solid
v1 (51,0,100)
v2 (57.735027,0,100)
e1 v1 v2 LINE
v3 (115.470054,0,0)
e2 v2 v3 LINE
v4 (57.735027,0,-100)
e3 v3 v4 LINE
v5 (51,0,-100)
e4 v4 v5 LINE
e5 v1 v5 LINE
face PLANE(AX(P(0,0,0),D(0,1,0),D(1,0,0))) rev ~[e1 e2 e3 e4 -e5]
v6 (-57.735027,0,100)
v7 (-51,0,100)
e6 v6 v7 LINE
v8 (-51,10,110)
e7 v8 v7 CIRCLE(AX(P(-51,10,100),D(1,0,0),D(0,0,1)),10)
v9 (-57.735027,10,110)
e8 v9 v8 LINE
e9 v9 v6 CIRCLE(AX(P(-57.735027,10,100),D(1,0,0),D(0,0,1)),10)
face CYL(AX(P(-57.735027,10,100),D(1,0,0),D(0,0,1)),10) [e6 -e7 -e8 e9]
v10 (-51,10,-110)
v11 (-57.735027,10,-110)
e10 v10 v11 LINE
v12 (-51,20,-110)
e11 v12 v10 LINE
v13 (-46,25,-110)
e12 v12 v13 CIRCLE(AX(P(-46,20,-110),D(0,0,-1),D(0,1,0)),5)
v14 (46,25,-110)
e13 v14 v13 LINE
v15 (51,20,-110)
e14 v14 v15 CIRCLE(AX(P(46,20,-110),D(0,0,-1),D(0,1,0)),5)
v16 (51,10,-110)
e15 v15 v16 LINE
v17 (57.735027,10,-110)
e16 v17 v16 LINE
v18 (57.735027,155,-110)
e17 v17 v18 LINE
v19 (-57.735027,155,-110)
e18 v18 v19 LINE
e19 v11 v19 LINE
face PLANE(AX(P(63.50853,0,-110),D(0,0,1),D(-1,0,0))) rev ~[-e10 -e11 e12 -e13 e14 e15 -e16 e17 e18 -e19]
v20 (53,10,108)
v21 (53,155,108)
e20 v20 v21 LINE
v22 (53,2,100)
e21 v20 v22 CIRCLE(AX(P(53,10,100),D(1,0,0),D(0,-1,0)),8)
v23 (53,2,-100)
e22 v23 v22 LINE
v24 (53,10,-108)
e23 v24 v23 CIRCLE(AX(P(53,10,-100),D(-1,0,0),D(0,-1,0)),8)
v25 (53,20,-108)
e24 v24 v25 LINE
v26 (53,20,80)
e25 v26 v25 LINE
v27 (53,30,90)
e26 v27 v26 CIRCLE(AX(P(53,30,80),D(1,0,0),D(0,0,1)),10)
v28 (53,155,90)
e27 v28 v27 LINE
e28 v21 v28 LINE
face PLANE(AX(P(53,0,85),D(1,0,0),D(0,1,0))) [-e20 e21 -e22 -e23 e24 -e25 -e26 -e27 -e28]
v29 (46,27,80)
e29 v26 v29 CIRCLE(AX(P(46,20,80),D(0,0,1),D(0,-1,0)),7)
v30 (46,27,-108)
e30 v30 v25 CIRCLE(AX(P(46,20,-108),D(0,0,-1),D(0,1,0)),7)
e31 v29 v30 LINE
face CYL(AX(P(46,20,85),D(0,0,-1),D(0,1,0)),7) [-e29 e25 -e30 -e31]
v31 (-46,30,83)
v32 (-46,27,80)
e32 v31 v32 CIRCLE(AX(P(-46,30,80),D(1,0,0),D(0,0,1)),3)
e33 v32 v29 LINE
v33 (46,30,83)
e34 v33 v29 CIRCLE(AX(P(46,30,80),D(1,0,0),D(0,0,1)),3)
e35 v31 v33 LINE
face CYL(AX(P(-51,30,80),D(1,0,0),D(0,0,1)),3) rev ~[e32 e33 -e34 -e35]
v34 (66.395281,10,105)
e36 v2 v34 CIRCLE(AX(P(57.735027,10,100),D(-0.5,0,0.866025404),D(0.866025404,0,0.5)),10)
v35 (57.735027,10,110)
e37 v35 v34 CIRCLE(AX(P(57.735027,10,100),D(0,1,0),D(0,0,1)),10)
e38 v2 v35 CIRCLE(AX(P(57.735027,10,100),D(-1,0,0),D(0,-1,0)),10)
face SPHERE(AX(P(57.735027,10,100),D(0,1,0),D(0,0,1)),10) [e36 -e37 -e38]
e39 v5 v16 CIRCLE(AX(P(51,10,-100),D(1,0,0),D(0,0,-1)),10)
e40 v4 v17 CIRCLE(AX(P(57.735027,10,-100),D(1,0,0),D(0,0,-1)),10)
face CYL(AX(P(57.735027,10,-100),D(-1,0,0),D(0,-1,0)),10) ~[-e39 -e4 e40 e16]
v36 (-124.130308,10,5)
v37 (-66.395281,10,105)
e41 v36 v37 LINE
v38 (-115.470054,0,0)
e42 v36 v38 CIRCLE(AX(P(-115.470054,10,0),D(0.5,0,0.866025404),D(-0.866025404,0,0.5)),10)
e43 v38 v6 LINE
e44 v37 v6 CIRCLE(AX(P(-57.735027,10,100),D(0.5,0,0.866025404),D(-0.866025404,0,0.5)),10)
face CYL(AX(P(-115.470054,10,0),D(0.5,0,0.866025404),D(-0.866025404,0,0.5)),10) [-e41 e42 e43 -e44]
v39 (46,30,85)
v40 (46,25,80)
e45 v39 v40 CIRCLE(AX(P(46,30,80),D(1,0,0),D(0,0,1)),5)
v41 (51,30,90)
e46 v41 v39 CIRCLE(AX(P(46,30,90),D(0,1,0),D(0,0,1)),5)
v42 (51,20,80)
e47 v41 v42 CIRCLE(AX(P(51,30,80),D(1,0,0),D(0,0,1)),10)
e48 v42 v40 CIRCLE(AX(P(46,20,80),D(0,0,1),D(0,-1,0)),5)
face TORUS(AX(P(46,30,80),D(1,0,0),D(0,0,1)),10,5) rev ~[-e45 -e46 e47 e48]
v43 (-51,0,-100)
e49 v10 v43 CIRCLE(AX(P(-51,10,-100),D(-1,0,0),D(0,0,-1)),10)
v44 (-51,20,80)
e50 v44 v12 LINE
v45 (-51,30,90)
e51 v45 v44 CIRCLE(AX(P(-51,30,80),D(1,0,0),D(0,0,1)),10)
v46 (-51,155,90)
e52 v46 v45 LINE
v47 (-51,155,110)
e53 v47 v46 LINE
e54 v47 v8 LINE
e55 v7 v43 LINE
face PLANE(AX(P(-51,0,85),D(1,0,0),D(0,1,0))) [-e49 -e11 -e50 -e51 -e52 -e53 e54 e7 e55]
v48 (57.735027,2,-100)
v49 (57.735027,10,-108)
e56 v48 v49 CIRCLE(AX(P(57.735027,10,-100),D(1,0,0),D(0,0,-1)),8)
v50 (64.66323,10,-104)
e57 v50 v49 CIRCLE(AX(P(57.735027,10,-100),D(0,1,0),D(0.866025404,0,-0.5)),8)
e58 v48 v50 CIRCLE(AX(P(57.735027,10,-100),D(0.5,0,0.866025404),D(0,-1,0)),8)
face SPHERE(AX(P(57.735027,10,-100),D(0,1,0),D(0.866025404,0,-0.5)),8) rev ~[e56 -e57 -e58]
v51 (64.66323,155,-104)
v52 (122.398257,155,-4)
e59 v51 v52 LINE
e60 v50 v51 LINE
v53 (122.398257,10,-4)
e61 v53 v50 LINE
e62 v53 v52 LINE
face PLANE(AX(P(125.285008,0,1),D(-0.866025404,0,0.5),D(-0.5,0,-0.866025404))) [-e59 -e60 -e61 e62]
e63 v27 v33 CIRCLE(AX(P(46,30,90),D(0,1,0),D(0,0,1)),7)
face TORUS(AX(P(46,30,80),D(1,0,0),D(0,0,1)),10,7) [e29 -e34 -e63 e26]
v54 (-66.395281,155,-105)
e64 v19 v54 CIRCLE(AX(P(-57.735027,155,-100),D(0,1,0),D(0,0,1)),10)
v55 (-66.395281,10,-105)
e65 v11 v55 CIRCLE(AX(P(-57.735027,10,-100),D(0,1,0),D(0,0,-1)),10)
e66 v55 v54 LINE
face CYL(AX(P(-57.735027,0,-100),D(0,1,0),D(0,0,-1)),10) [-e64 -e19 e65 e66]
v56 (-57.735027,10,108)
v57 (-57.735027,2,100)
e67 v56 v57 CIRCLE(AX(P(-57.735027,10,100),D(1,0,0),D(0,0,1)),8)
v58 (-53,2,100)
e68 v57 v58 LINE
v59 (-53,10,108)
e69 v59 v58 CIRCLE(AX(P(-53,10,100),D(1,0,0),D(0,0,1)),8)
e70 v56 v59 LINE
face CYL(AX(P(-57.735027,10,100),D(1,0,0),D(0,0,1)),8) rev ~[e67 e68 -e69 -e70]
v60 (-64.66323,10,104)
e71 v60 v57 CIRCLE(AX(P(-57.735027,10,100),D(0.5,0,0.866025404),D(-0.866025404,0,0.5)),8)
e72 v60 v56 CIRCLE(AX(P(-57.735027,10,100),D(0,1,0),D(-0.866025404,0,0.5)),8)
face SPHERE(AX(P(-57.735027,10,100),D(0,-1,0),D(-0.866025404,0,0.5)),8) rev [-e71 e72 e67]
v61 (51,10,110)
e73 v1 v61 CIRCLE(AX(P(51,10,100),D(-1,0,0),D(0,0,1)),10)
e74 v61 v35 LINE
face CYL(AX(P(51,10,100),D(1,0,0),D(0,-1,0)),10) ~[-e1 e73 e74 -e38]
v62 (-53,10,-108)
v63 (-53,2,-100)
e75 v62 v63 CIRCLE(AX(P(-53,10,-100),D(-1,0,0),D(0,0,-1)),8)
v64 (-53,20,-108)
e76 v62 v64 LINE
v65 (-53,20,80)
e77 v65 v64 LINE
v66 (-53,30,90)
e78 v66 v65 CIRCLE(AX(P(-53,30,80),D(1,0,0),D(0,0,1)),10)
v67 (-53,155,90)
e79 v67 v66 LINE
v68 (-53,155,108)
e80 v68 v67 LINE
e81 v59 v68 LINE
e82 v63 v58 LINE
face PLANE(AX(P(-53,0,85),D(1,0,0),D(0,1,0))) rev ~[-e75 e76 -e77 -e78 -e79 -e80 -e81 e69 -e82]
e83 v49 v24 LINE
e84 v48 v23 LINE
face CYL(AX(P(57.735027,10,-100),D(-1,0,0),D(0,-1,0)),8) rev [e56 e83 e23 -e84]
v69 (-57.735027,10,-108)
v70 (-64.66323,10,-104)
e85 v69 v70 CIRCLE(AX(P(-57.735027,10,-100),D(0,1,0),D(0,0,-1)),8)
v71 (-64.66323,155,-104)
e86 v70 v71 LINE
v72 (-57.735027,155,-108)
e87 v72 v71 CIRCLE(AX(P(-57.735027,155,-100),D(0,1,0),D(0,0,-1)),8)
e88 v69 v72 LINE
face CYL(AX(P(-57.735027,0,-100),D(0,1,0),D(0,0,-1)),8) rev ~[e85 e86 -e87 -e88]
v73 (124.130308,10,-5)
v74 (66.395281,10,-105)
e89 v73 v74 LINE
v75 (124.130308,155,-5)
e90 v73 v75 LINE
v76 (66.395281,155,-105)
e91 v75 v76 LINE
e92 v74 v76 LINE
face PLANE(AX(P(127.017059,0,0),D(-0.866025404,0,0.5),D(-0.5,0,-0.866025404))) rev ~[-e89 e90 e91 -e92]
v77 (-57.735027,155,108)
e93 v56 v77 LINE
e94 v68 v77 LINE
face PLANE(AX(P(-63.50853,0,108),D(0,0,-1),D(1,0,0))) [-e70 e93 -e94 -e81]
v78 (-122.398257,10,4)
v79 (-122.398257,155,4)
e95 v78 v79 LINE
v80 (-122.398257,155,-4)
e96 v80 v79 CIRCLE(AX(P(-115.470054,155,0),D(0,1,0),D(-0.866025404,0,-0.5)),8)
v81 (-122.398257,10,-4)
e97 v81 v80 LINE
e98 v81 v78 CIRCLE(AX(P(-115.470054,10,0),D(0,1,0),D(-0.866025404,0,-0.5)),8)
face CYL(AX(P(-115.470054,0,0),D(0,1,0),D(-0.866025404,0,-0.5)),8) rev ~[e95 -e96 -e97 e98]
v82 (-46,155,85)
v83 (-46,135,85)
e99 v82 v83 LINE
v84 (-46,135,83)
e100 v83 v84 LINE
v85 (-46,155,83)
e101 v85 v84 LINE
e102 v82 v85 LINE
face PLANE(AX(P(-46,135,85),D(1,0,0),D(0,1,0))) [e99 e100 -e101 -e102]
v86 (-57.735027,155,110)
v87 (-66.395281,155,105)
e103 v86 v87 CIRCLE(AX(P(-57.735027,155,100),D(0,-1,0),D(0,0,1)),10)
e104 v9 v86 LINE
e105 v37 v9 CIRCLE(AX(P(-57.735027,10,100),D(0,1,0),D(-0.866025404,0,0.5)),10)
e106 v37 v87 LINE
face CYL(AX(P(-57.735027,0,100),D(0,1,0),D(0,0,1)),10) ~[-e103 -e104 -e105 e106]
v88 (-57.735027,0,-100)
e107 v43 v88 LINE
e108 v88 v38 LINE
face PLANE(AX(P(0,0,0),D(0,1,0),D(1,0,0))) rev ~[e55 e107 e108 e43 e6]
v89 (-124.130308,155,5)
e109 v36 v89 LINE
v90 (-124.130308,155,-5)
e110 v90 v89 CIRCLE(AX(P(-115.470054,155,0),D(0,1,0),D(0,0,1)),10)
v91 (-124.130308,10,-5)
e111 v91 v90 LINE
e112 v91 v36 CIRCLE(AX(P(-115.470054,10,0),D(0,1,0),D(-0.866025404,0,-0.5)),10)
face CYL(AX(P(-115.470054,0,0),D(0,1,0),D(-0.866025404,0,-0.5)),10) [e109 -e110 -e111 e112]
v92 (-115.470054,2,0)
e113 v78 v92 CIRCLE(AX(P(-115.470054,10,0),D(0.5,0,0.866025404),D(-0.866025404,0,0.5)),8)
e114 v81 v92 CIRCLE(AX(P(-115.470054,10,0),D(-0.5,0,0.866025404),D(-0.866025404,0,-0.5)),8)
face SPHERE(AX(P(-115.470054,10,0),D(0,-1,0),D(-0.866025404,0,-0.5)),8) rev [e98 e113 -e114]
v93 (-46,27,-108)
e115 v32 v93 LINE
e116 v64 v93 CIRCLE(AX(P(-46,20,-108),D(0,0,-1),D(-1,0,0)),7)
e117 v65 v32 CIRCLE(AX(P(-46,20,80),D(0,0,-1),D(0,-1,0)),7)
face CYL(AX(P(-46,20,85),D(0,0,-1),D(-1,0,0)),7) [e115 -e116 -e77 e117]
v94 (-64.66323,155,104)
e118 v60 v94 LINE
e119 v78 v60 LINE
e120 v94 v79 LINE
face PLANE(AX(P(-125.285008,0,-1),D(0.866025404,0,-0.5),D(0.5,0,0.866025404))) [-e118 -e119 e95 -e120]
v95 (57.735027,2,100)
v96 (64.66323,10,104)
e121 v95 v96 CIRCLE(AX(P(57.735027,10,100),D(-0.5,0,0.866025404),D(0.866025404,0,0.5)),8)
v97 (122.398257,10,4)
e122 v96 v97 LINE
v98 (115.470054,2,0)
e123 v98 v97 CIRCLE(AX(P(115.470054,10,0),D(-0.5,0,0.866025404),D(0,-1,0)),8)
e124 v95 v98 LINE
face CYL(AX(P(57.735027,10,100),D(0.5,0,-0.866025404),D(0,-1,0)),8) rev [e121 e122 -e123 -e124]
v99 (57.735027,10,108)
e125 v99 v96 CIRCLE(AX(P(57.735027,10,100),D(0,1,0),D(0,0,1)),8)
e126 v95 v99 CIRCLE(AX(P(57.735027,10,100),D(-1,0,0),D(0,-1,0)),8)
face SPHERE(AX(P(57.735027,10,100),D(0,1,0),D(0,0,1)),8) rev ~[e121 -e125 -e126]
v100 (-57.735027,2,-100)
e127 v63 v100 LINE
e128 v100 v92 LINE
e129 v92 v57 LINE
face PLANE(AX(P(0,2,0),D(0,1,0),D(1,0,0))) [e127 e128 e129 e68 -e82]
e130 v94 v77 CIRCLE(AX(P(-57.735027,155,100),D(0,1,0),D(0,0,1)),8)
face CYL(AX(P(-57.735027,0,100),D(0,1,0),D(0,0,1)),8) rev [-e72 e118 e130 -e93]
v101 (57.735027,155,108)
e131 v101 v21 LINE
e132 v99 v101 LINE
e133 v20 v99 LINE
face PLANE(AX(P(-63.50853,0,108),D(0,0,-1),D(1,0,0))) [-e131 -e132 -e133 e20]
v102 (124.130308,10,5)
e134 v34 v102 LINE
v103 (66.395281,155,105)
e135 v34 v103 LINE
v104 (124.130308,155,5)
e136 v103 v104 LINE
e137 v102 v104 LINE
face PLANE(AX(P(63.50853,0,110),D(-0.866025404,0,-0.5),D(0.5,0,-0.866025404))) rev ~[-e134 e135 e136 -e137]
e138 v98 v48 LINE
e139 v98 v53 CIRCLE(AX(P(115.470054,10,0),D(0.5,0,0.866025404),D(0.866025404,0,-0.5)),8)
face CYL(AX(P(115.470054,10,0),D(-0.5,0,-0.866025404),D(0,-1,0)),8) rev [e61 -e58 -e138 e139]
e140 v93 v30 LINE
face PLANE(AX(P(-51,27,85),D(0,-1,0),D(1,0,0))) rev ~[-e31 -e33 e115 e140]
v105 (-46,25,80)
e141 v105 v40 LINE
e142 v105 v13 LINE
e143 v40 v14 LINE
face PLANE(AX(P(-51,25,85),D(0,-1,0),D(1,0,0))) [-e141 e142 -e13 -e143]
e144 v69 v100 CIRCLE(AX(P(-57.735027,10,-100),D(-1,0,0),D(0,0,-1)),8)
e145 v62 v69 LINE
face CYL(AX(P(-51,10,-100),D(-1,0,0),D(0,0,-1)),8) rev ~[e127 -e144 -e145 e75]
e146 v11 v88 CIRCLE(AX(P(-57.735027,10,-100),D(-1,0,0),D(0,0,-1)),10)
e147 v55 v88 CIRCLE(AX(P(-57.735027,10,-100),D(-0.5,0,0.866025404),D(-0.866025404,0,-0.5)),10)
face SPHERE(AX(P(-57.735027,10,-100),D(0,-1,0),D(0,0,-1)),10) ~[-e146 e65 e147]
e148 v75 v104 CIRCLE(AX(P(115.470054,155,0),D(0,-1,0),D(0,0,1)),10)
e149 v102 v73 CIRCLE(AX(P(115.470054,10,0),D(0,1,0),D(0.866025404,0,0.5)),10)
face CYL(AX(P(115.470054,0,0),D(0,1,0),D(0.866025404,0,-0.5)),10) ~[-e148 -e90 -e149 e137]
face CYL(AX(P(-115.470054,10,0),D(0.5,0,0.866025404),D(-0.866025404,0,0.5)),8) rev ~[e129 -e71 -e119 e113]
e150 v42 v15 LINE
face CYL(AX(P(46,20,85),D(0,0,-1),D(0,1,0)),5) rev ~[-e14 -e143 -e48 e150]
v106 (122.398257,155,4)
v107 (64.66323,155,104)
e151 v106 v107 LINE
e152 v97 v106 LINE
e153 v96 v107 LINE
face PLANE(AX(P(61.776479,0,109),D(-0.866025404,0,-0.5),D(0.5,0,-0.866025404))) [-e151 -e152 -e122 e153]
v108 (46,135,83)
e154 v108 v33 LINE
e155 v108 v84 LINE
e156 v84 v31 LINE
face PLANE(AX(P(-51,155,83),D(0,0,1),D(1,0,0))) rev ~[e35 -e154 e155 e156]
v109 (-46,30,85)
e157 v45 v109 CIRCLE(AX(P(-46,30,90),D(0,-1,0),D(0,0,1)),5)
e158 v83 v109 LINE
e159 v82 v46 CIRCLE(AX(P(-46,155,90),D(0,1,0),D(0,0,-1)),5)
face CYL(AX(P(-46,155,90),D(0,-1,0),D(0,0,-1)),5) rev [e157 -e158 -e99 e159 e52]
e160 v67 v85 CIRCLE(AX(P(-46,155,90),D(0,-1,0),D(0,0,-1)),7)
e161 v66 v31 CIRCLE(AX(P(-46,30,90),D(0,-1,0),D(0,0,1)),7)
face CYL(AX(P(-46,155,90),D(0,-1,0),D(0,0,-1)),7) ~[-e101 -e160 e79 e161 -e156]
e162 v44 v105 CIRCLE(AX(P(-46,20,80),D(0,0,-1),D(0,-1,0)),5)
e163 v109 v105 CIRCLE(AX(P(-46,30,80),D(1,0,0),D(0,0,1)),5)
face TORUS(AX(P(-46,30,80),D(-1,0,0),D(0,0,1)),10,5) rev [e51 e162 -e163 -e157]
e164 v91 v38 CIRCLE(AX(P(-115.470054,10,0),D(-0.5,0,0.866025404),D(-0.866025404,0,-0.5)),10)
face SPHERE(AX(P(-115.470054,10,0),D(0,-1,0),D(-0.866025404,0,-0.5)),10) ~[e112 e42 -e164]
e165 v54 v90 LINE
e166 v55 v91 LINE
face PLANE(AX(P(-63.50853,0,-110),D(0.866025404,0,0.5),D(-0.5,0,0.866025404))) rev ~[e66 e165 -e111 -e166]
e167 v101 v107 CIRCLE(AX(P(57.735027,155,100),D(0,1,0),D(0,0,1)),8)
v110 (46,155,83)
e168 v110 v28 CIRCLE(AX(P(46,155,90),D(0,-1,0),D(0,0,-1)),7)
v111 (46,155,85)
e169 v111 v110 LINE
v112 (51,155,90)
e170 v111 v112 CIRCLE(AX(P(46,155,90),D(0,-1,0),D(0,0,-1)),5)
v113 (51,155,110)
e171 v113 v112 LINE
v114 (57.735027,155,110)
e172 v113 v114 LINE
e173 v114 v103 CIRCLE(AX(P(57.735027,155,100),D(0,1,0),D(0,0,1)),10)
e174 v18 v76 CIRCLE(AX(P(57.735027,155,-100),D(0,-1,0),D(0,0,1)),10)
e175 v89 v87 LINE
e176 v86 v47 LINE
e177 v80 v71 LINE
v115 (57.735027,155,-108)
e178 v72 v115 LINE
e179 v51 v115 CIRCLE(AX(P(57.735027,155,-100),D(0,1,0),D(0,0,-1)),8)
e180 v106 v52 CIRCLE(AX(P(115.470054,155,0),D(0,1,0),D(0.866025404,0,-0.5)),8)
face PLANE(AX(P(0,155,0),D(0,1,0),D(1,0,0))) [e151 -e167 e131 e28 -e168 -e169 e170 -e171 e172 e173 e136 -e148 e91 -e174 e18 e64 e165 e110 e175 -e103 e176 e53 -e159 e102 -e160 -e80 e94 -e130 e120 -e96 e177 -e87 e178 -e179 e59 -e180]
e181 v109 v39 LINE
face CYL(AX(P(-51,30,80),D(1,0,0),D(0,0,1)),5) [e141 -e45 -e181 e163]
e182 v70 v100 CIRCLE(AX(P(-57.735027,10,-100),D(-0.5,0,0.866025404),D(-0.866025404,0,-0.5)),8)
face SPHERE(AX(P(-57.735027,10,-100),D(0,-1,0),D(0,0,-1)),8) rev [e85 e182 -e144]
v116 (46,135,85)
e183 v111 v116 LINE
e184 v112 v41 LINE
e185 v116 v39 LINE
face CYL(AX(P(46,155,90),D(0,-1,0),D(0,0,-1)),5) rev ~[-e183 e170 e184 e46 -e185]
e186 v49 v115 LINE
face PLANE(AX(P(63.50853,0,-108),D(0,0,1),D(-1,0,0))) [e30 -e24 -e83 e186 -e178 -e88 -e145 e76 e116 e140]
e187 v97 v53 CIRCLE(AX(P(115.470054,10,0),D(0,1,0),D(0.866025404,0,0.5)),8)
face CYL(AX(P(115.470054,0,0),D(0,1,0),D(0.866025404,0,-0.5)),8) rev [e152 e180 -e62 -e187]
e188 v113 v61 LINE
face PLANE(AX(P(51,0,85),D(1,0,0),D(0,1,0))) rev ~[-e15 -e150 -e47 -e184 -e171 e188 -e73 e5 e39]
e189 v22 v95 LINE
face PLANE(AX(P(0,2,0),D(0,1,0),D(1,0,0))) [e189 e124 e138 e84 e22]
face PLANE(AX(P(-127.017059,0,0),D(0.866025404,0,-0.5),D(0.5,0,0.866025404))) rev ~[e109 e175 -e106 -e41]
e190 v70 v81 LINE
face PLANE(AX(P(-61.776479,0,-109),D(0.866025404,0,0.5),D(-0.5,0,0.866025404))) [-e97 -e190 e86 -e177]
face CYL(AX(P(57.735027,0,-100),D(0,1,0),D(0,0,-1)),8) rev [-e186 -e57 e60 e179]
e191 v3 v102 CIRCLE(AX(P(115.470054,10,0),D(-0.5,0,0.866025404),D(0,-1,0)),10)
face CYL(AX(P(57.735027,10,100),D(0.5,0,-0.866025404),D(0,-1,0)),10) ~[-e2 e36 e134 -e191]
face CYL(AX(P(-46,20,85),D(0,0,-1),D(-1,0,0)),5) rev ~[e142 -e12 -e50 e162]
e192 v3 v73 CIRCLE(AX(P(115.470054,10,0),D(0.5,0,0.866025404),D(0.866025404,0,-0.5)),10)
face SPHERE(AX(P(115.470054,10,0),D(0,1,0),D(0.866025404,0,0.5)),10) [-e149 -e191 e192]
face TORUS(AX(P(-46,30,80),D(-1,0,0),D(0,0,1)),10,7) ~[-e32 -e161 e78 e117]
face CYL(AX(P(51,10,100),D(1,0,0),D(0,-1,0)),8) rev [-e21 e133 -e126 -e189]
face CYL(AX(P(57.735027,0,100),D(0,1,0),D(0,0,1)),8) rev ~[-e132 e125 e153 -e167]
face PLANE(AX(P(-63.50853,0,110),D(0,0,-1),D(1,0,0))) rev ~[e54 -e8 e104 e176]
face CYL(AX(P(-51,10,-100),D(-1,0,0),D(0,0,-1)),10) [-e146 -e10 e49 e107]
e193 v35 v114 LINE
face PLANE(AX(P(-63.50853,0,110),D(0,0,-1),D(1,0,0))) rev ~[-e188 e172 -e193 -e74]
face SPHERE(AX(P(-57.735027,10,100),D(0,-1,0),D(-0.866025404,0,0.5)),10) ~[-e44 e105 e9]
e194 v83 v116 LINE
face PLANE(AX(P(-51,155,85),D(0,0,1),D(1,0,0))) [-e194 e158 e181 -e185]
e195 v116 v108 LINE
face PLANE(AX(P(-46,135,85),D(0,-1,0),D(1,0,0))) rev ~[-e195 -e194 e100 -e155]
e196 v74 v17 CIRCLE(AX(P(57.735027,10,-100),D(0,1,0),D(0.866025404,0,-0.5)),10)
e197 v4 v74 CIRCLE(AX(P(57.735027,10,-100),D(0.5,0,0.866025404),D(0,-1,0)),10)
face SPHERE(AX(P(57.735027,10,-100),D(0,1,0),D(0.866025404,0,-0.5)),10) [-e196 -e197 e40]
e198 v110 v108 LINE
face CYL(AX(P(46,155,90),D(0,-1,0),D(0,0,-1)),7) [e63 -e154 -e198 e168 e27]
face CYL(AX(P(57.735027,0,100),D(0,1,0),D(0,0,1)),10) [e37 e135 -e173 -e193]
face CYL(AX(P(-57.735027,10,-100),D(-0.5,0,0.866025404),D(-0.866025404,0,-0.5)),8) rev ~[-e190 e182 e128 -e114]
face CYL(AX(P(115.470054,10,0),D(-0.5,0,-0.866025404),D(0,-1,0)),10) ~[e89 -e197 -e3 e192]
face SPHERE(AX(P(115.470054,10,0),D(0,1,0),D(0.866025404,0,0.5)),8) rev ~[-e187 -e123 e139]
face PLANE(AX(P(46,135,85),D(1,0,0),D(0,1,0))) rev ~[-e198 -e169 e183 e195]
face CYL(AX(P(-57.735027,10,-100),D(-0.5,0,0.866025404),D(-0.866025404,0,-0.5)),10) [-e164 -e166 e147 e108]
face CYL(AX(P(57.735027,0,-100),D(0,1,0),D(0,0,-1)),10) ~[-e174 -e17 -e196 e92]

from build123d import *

# Parameters (mm, degrees)
BOSS_EXTRUDE1_DEPTH = 155
CUT_EXTRUDE1_REACH  = 230.601
SKETCH2_W           = 102
SKETCH2_H           = 25
CUT_EXTRUDE2_REACH  = 281.613
SKETCH3_W           = 102
SKETCH3_H           = 25
FILLET1_R           = 5
FILLET2_R           = 10
FILLET4_R           = 10
SHELL1_T            = -2
CUT_EXTRUDE3_REACH  = 280.913
SKETCH9_W           = 92
SKETCH9_H           = 20


with BuildPart() as part:
    # Sketch1 → Boss-Extrude1 (new body)
    with BuildSketch(Plane(origin=(0, 0, 0), x_dir=(1, 0, 0), z_dir=(0, 1, 0))):
        Polygon((63.508529611, 110), (-63.508529611, 110), (-127.017059222, 0), (-63.508529611, -110), (63.508529611, -110), (127.017059222, 0), align=None)
    extrude(amount=BOSS_EXTRUDE1_DEPTH)

    # Sketch2 → Cut-Extrude1 (cut, up to next)
    with BuildSketch(Plane(origin=(0, 155, 0), x_dir=(1, 0, 0), z_dir=(0, 1, 0)), mode=Mode.PRIVATE) as cut_extrude1_sk1:
        with Locations((0, -97.5)):
            Rectangle(SKETCH2_W, SKETCH2_H)
    cut_extrude1_tool1 = extrude(cut_extrude1_sk1.sketch, amount=-CUT_EXTRUDE1_REACH, mode=Mode.PRIVATE) & part.part
    add(cut_extrude1_tool1.solids().sort_by_distance((0, 155, 97.5))[0], mode=Mode.SUBTRACT)

    # Sketch3 → Cut-Extrude2 (cut, up to next)
    with BuildSketch(Plane.XY.offset(85), mode=Mode.PRIVATE) as cut_extrude2_sk1:
        with Locations((0, 12.5)):
            Rectangle(SKETCH3_W, SKETCH3_H)
    cut_extrude2_tool1 = extrude(cut_extrude2_sk1.sketch, amount=-CUT_EXTRUDE2_REACH, mode=Mode.PRIVATE) & part.part
    add(cut_extrude2_tool1.solids().sort_by_distance((0, 12.5, 85))[0], mode=Mode.SUBTRACT)

    # Fillet1
    fillet1_edges = [part.edges().sort_by_distance(p)[0] for p in [
        (51, 90, 85),
        (-51, 90, 85),
        (-51, 25, -12.5),
        (51, 25, -12.5),
        (0, 25, 85),
    ]]
    fillet(fillet1_edges, radius=FILLET1_R)

    # Fillet2
    fillet2_edges = [part.edges().sort_by_distance(p)[0] for p in [
        (127.017059222, 77.5, 0),
        (63.508529611, 77.5, 110),
        (-63.508529611, 77.5, 110),
        (-127.017059222, 77.5, 0),
        (-63.508529611, 77.5, -110),
        (63.508529611, 77.5, -110),
    ]]
    fillet(fillet2_edges, radius=FILLET2_R)

    # Fillet4
    fillet4_edges = [part.edges().sort_by_distance(p)[0] for p in [
        (54.367513459, 0, 110),
        (-54.367513459, 0, -110),
        (95.262794416, 0, 55),
        (54.367513459, 0, -110),
        (95.262794416, 0, -55),
        (62.735026919, 0, -108.660254038),
        (125.470053838, 0, 0),
        (62.735026919, 0, 108.660254038),
        (-95.262794416, 0, -55),
        (-54.367513459, 0, 110),
        (-95.262794416, 0, 55),
        (-62.735026919, 0, 108.660254038),
        (-125.470053838, 0, 0),
        (-62.735026919, 0, -108.660254038),
    ]]
    fillet(fillet4_edges, radius=FILLET4_R)

    # Shell1
    shell1_openings = [part.faces().sort_by_distance(p)[0] for p in [
        (0, 155, -6.295757264),
    ]]
    offset(amount=SHELL1_T, openings=shell1_openings, kind=Kind.INTERSECTION)

    # Sketch9 → Cut-Extrude3 (cut, up to next)
    with BuildSketch(Plane.XY.offset(85), mode=Mode.PRIVATE) as cut_extrude3_sk1:
        with Locations((0, 145)):
            Rectangle(SKETCH9_W, SKETCH9_H)
    cut_extrude3_tool1 = extrude(cut_extrude3_sk1.sketch, amount=-CUT_EXTRUDE3_REACH, mode=Mode.PRIVATE) & part.part
    add(cut_extrude3_tool1.solids().sort_by_distance((0, 145, 85))[0], mode=Mode.SUBTRACT)


solid = part.part
